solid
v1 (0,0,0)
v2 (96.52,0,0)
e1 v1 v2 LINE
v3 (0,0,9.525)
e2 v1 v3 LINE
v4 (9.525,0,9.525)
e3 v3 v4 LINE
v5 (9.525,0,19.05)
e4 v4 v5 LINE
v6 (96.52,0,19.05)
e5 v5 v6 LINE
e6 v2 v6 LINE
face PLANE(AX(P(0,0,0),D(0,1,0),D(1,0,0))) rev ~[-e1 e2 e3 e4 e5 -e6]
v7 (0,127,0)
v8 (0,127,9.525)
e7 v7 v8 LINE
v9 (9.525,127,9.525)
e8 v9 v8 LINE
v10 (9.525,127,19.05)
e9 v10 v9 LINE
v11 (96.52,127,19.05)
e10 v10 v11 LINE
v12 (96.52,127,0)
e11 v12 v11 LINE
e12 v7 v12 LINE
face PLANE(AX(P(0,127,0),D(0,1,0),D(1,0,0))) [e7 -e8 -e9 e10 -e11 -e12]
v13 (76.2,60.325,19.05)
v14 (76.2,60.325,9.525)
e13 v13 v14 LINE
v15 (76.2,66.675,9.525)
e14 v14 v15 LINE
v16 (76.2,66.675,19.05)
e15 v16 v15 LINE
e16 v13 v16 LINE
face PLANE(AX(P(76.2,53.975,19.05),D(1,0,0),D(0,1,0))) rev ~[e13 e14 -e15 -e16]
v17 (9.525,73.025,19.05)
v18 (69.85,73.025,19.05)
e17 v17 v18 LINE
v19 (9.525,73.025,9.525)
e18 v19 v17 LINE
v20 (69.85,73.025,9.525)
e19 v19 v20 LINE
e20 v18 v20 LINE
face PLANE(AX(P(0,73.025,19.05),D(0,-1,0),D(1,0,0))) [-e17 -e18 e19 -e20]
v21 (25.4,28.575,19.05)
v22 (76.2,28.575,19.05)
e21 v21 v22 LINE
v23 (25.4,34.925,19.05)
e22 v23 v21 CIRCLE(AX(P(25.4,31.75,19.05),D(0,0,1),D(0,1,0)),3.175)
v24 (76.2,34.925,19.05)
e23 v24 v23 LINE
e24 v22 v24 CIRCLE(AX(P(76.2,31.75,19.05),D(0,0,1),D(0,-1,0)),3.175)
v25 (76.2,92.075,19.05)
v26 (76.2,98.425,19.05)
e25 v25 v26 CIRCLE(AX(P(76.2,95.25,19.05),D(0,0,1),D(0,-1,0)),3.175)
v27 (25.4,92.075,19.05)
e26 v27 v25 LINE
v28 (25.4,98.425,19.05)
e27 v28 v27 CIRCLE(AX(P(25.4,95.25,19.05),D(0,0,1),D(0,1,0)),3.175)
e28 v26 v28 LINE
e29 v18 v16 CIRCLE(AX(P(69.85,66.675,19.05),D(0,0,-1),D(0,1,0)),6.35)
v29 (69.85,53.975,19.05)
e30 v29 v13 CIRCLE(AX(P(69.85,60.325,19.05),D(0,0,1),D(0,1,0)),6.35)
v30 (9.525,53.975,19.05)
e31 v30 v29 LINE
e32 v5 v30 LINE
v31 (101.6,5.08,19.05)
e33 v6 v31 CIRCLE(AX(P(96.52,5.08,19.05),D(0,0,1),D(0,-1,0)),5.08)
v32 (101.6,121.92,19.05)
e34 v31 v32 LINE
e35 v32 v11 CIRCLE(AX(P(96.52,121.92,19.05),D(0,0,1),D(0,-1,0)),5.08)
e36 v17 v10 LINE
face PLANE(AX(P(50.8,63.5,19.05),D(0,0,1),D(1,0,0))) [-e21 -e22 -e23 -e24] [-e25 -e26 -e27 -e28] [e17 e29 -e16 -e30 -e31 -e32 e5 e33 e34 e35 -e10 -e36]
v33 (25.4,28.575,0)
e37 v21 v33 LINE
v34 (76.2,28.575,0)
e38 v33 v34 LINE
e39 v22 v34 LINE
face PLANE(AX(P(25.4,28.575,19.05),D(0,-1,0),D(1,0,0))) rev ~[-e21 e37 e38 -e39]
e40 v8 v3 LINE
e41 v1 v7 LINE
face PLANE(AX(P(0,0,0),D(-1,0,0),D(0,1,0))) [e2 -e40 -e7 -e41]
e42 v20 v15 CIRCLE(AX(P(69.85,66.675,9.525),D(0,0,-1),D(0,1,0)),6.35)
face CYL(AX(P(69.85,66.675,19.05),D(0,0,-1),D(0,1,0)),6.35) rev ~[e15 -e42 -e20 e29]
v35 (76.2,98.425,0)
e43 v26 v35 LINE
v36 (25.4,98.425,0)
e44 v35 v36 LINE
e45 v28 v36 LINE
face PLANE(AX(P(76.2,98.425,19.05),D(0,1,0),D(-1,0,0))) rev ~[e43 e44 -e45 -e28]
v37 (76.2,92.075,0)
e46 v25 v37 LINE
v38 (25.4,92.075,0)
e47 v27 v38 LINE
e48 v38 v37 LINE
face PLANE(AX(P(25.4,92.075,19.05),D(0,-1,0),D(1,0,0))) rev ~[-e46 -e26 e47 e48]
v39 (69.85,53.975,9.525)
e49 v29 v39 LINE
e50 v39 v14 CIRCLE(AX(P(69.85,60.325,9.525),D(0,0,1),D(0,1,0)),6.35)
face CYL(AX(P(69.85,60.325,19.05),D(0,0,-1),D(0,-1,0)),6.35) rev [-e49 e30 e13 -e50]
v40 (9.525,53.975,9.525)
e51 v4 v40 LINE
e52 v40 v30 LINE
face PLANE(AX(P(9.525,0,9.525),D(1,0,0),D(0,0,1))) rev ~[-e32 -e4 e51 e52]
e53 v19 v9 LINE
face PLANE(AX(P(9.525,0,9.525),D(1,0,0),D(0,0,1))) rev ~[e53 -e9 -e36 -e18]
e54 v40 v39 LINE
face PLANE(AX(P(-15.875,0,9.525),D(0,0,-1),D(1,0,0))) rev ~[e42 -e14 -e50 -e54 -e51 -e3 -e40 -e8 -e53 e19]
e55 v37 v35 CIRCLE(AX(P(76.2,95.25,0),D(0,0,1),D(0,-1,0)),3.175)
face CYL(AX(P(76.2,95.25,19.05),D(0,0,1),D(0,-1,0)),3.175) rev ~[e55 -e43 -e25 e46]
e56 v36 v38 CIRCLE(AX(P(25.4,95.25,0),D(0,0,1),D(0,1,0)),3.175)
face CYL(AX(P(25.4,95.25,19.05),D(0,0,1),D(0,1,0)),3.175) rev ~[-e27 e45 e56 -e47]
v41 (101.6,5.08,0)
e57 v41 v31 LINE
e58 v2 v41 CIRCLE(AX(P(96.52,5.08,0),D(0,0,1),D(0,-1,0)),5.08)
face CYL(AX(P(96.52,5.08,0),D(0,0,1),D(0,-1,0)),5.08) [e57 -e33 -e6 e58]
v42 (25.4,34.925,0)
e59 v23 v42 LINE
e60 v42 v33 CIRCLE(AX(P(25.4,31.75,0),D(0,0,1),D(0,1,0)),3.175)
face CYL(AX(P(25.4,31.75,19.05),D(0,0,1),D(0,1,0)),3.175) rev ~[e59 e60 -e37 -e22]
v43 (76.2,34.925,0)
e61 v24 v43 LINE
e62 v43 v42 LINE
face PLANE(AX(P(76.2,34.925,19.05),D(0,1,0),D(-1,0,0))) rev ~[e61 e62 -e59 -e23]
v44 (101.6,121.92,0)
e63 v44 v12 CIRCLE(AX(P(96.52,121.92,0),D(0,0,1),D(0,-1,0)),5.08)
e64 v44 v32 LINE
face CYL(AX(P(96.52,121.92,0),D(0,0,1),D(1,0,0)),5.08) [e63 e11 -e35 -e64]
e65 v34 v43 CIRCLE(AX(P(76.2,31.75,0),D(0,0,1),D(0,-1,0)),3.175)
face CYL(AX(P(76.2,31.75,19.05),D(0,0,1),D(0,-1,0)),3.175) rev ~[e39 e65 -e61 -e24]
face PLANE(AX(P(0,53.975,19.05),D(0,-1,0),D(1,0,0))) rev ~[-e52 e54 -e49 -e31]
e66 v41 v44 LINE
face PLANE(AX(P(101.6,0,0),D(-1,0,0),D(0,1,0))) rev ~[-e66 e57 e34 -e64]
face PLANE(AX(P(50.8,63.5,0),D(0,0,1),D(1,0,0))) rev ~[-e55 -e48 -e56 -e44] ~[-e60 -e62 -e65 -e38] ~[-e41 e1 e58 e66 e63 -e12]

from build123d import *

# Parameters (mm, degrees)
F0_W     = 101.6
F0_H     = 127
F1_DEPTH = 19.05
F2_W     = 76.2
F2_H     = 19.05
F3_DEPTH = 9.525
F4_R     = 6.35
F6_DEPTH = 19.051
F7_R     = 5.08
F8_W     = 25.4
F8_H     = 19.05
F9_DEPTH = 127.001


with BuildPart() as f1:
    # F0 (on Top) → F1 (new body)
    with BuildSketch(Plane.XY):
        with Locations((50.8, 63.5)):
            Rectangle(F0_W, F0_H)
    extrude(amount=F1_DEPTH)

    # F2 (on face) → F3 (cut)
    with BuildSketch(Plane.XY.offset(19.05)):
        with Locations((38.1, 63.5)):
            Rectangle(F2_W, F2_H)
    extrude(amount=-F3_DEPTH, mode=Mode.SUBTRACT)

    # F4
    f4_edges = [f1.edges().sort_by_distance(p)[0] for p in [
        (76.2, 73.025, 14.2875),
        (76.2, 53.975, 14.2875),
    ]]
    fillet(f4_edges, radius=F4_R)

    # F5 (on face) → F6 (cut, through all)
    with BuildSketch(Plane.XY.offset(19.05)):
        with BuildLine():
            ThreePointArc((25.4, 34.925), (22.225, 31.75), (25.4, 28.575))
            Line((25.4, 28.575), (76.2, 28.575))
            ThreePointArc((76.2, 28.575), (79.375, 31.75), (76.2, 34.925))
            Line((76.2, 34.925), (25.4, 34.925))
        make_face()
        with BuildLine():
            ThreePointArc((25.4, 98.425), (22.225, 95.25), (25.4, 92.075))
            Line((25.4, 92.075), (76.2, 92.075))
            ThreePointArc((76.2, 92.075), (79.375, 95.25), (76.2, 98.425))
            Line((76.2, 98.425), (25.4, 98.425))
        make_face()
    extrude(amount=-F6_DEPTH, mode=Mode.SUBTRACT)

    # F7
    f7_edges = [f1.edges().sort_by_distance(p)[0] for p in [
        (101.6, 0, 9.525),
        (101.6, 127, 9.525),
    ]]
    fillet(f7_edges, radius=F7_R)

    # F8 (on face) → F9 (cut, through all)
    with BuildSketch(Plane.XZ):
        with Locations((-3.175, 19.05)):
            Rectangle(F8_W, F8_H)
    extrude(amount=-F9_DEPTH, mode=Mode.SUBTRACT)


solid = f1.part
